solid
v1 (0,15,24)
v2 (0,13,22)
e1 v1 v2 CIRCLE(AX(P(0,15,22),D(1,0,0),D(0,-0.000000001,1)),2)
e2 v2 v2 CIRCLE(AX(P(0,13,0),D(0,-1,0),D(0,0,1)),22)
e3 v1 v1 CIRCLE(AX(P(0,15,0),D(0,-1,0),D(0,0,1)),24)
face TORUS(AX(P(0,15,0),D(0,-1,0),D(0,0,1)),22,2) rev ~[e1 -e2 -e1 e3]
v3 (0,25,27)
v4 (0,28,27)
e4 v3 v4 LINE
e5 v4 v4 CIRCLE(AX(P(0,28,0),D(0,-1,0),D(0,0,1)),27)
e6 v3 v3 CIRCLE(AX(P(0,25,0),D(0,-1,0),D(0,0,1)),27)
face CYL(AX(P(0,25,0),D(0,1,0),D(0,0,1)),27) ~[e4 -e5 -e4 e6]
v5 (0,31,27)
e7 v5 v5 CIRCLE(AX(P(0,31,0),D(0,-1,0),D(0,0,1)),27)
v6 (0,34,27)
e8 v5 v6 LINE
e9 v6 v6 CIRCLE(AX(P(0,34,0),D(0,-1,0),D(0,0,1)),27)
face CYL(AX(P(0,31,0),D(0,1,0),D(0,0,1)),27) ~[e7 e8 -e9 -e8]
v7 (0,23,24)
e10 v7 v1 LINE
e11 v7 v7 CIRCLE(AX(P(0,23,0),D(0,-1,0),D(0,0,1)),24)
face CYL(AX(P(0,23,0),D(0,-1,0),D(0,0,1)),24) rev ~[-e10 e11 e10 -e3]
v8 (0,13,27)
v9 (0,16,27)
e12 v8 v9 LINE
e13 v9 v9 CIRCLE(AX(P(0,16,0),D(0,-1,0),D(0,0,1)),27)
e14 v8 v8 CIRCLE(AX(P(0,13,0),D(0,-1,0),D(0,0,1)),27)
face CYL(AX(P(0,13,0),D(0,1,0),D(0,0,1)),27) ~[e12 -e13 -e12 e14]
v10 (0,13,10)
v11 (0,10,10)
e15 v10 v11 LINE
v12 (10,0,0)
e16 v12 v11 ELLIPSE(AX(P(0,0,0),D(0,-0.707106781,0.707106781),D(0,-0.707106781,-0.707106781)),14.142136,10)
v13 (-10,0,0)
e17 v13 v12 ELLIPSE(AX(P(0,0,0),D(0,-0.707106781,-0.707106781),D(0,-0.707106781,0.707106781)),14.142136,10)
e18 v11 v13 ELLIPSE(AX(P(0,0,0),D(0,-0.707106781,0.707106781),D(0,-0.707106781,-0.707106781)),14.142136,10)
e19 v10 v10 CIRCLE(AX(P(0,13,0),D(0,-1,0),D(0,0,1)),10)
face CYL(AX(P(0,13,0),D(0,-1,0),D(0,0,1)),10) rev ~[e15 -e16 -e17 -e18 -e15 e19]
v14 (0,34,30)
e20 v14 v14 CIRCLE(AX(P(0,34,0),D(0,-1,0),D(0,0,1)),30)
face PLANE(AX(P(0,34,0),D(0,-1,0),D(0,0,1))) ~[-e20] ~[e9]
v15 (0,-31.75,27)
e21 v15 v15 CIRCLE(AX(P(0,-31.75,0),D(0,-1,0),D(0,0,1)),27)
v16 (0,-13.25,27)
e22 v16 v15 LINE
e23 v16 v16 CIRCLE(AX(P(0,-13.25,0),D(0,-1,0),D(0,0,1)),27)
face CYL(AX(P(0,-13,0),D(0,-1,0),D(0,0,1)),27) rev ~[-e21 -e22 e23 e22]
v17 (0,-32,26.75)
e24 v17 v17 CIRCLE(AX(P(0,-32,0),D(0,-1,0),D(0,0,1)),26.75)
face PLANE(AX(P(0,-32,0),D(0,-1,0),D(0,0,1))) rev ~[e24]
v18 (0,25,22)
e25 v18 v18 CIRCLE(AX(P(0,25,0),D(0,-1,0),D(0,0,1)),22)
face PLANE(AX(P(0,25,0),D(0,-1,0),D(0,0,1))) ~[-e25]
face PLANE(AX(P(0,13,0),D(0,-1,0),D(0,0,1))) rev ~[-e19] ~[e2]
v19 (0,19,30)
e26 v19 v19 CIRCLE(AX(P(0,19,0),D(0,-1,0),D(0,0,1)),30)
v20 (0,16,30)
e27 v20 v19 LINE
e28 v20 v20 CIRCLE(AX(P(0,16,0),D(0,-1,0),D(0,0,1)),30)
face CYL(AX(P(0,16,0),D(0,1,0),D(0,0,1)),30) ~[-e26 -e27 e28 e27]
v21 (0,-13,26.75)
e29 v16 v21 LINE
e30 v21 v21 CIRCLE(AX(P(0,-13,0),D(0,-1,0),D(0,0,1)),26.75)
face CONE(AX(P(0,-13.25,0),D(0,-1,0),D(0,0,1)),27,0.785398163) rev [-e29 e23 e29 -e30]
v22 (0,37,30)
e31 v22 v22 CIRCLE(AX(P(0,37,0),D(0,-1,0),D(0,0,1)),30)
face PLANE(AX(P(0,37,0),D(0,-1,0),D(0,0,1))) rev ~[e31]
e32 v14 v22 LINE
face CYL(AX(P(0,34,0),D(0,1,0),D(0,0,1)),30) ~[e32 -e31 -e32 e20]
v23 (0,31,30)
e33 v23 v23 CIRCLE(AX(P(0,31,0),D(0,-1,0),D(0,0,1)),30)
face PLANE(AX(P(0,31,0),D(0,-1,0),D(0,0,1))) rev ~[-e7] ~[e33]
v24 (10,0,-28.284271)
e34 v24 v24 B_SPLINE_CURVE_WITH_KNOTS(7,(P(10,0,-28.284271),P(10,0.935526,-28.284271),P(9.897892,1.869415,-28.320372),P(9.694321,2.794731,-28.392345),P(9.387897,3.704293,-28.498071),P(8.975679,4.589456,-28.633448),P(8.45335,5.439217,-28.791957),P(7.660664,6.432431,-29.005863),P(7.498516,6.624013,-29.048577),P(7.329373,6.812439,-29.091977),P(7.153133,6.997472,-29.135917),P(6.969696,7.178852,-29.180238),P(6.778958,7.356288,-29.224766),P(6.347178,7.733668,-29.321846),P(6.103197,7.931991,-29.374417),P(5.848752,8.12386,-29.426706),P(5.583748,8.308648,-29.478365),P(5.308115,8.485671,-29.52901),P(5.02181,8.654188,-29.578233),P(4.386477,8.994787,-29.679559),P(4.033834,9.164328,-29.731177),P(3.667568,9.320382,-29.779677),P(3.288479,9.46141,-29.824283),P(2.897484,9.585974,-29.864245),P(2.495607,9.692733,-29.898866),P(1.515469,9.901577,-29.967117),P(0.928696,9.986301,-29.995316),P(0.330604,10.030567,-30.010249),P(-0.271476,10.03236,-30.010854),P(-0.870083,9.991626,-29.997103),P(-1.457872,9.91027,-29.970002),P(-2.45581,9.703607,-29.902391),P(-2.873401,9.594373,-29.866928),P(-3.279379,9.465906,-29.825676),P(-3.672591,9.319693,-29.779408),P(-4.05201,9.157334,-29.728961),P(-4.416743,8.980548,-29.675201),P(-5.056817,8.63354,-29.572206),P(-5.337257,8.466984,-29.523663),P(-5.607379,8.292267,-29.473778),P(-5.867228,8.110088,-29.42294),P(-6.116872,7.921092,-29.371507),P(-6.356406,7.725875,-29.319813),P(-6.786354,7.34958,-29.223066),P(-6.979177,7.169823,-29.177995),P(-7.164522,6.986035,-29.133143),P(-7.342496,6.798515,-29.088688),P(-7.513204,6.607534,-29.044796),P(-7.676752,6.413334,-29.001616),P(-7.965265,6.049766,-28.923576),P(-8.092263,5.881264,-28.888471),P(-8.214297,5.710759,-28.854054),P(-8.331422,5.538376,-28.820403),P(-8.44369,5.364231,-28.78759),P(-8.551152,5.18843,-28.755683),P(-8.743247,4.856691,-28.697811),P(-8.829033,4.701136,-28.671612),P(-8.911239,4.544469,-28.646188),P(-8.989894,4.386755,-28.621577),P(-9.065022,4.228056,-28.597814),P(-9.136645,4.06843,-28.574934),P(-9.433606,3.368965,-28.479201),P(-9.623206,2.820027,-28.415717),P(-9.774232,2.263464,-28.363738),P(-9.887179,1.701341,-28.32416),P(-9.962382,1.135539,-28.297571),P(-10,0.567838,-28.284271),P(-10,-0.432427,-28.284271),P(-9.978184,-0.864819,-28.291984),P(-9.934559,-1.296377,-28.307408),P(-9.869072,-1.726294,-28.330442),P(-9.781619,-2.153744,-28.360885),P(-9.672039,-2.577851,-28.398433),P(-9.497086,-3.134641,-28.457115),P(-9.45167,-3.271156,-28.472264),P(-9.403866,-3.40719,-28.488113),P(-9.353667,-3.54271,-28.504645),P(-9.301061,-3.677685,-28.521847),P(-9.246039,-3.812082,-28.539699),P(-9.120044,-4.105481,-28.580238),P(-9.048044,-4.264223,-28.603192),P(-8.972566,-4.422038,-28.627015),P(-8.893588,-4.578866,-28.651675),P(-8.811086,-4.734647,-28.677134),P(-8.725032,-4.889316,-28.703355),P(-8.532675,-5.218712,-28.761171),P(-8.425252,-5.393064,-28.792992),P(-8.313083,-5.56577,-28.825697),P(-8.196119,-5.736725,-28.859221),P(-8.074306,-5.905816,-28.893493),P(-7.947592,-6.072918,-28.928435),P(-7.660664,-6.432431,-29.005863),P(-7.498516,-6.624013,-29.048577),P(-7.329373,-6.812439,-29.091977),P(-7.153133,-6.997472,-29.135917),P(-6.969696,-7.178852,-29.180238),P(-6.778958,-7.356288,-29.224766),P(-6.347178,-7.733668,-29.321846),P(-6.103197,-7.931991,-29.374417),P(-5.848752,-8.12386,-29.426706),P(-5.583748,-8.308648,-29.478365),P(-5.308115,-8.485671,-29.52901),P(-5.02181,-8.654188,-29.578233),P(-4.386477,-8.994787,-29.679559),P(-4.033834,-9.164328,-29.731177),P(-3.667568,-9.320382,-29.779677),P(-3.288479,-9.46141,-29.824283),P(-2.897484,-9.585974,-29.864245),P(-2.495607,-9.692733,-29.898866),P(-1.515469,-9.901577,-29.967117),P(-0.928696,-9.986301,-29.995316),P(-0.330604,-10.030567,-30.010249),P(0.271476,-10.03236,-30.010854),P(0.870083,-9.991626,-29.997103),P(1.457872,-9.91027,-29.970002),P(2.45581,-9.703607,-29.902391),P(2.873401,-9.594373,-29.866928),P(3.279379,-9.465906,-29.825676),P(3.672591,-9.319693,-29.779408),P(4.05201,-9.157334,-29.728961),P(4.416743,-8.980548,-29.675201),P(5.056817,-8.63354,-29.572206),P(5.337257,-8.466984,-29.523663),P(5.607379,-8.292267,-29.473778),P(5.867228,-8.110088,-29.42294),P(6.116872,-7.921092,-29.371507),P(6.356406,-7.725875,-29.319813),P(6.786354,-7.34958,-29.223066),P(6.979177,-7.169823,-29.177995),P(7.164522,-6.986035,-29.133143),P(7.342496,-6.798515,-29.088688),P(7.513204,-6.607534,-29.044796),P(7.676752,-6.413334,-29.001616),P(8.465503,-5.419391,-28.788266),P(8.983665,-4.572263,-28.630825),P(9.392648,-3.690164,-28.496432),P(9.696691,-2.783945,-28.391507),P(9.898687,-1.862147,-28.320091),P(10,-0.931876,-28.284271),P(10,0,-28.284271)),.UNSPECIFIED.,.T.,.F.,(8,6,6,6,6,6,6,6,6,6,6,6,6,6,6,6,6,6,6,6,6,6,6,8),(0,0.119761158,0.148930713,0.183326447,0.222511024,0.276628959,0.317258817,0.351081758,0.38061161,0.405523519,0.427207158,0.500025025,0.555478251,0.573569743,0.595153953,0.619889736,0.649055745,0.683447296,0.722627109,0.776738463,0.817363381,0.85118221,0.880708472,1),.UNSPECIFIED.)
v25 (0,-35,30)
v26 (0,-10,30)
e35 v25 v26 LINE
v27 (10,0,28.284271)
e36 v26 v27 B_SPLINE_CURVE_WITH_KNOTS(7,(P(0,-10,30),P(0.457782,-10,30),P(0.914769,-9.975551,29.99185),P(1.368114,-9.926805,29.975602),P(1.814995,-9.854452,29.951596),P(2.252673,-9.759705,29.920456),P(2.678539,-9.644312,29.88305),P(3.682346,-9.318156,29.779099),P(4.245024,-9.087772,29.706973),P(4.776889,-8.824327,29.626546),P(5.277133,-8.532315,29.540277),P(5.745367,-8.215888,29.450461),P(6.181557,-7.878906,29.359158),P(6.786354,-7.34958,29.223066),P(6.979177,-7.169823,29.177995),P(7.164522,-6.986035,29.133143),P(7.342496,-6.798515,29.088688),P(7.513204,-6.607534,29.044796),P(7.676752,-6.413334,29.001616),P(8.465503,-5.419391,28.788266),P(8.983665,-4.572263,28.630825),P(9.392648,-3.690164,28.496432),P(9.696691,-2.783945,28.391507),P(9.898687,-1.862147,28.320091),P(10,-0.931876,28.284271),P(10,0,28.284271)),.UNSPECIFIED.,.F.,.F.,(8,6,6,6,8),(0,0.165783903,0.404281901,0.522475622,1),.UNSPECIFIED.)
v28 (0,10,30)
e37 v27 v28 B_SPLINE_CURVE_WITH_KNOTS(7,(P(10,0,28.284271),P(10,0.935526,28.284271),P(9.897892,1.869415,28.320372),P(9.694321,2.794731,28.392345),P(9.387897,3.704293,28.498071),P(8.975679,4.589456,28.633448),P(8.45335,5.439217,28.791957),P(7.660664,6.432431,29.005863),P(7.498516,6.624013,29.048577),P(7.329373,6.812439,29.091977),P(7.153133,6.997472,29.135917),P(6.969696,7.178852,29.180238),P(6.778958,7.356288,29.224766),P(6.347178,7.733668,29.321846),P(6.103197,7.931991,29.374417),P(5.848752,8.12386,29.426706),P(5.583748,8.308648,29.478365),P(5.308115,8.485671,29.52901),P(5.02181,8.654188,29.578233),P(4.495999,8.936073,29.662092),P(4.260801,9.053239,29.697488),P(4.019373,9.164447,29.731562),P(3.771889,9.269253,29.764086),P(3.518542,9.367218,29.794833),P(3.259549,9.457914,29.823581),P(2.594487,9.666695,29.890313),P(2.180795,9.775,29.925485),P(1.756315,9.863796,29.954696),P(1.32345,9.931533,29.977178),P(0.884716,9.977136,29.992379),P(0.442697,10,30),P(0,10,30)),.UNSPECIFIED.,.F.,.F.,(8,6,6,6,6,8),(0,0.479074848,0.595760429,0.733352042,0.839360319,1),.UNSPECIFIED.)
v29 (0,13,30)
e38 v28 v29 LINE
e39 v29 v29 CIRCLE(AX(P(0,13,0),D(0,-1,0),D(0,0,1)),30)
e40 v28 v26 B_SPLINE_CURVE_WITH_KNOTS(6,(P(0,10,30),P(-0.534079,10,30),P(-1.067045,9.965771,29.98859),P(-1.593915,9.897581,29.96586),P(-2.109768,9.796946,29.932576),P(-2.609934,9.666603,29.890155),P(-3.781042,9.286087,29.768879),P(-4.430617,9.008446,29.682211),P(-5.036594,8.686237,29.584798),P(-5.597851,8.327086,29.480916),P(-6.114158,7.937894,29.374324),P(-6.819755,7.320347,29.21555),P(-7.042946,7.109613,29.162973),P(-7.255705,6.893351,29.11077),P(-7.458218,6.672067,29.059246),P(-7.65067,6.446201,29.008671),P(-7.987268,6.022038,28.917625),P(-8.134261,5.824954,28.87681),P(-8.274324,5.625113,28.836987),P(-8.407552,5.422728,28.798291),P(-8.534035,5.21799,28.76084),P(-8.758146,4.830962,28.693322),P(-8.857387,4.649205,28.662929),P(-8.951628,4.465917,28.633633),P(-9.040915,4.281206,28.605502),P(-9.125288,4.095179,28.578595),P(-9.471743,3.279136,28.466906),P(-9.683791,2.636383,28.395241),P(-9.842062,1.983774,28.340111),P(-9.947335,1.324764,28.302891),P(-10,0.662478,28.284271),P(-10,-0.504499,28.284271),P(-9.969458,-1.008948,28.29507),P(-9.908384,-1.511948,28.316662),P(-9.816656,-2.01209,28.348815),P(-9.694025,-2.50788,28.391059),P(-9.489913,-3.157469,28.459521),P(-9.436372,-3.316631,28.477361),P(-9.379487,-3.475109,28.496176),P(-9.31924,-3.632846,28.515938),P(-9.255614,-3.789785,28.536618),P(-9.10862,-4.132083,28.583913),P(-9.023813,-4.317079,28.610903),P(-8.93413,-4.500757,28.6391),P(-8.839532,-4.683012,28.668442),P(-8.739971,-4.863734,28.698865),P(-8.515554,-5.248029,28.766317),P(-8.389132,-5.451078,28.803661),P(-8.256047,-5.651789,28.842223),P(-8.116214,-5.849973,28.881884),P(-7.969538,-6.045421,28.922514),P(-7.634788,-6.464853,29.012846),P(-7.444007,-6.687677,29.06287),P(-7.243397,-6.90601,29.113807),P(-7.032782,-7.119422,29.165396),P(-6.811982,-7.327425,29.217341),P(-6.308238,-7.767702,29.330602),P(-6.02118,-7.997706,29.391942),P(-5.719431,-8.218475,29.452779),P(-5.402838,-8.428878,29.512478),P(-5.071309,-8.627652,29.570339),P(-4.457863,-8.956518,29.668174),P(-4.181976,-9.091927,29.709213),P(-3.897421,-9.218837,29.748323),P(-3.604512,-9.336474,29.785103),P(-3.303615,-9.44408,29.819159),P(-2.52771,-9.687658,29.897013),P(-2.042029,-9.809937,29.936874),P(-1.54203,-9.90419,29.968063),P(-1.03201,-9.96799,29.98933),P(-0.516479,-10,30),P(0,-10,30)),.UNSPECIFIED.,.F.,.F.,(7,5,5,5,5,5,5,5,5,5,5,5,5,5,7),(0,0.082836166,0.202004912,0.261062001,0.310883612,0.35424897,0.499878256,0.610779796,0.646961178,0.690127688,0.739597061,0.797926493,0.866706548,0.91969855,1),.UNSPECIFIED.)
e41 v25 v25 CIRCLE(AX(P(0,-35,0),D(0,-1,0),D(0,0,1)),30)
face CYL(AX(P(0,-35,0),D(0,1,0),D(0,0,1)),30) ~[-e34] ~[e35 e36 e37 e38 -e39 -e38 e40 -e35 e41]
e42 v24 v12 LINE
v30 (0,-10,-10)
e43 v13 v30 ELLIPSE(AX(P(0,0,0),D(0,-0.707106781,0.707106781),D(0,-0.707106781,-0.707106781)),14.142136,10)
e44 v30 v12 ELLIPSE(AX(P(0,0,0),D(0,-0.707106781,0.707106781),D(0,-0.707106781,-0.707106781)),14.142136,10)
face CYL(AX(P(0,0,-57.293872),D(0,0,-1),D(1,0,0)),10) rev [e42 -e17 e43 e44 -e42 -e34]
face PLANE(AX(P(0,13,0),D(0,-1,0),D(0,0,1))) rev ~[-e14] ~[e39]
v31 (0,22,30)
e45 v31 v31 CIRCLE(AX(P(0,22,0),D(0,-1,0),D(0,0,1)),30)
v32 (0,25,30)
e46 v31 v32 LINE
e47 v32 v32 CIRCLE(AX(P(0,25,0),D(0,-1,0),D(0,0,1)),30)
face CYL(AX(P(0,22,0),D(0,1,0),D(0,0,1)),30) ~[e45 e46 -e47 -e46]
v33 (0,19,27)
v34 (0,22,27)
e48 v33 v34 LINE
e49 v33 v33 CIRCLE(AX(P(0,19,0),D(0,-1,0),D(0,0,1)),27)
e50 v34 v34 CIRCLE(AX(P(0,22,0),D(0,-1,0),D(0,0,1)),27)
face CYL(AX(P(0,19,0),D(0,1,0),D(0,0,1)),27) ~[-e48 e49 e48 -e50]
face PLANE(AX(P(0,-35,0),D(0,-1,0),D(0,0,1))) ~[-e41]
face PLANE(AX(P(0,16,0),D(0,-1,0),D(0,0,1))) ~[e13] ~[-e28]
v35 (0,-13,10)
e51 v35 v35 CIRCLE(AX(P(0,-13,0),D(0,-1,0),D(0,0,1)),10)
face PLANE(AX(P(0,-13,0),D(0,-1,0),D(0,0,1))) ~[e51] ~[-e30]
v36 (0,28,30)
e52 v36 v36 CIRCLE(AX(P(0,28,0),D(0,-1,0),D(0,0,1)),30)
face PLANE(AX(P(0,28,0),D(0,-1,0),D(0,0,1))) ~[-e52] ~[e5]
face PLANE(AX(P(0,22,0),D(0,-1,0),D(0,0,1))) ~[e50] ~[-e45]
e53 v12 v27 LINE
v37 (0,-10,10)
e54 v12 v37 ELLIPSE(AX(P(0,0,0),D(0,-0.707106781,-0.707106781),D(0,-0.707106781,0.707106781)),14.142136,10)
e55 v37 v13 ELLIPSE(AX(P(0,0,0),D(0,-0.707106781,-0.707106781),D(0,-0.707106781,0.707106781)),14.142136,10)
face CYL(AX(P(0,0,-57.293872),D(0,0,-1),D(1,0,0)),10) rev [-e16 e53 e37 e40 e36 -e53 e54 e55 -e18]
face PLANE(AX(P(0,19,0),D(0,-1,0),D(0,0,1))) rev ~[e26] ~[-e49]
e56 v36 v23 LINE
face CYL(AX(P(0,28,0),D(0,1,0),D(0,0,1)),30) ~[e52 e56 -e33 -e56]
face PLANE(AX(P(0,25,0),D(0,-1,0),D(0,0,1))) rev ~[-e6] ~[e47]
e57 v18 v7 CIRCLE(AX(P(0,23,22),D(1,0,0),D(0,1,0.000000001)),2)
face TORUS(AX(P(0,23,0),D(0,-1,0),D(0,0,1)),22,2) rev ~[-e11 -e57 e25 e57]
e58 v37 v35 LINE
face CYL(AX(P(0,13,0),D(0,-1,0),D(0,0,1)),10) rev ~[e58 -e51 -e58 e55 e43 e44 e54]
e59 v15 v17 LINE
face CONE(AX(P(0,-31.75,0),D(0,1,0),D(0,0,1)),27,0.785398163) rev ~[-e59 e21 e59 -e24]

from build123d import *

# Parameters (mm, degrees)
CUT_EXTRUDE7_DEPTH      = 57.29387178
CUT_EXTRUDE7_DEPTH_BACK = 57.29387178
SKETCH7_R               = 10
CHAMFER6_SIZE           = 0.25
CHAMFER7_SIZE           = 0.25


with BuildPart() as part:
    # Sketch1 → Revolve4 (revolve)
    with BuildSketch(Plane(origin=(0, 0, 0), x_dir=(0, 0, -1), z_dir=(1, 0, 0)), mode=Mode.PRIVATE) as revolve4_sk:
        with BuildLine():
            Line((30, 37), (0, 37))
            Line((0, 37), (0, 25))
            Line((0, 25), (22, 25))
            ThreePointArc((22, 25), (23.414213562, 24.414213562), (24, 23))
            Line((24, 23), (24, 15))
            ThreePointArc((24, 15), (23.414213562, 13.585786438), (22, 13))
            Line((22, 13), (10, 13))
            Line((10, 13), (10, -13))
            Line((10, -13), (27, -13))
            Line((27, -13), (27, -32))
            Line((27, -32), (0, -32))
            Line((0, -32), (0, -35))
            Line((0, -35), (30, -35))
            Line((30, -35), (30, 13))
            Line((30, 13), (27, 13))
            Line((27, 13), (27, 16))
            Line((27, 16), (30, 16))
            Line((30, 16), (30, 19))
            Line((30, 19), (27, 19))
            Line((27, 19), (27, 22))
            Line((27, 22), (30, 22))
            Line((30, 22), (30, 25))
            Line((30, 25), (27, 25))
            Line((27, 25), (27, 28))
            Line((27, 28), (30, 28))
            Line((30, 28), (30, 31))
            Line((30, 31), (27, 31))
            Line((27, 31), (27, 34))
            Line((27, 34), (30, 34))
            Line((30, 34), (30, 37))
        make_face()
    revolve(revolve4_sk.sketch.rotate(Axis((0, 50, 0), (0, -1, 0)), 180), axis=Axis((0, 50, 0), (0, -1, 0)))

    # Sketch7 → Cut-Extrude7 (cut, two sides: drawn at the far end of the back side and taken through both)
    with BuildSketch(Plane.XY.offset(-CUT_EXTRUDE7_DEPTH_BACK)):
        Circle(SKETCH7_R)
    extrude(amount=CUT_EXTRUDE7_DEPTH + CUT_EXTRUDE7_DEPTH_BACK, mode=Mode.SUBTRACT)

    # Chamfer6
    chamfer6_edges = [part.edges().sort_by_distance(p)[0] for p in [
        (0, -32, -27),
    ]]
    chamfer(chamfer6_edges, length=CHAMFER6_SIZE)

    # Chamfer7
    chamfer7_edges = [part.edges().sort_by_distance(p)[0] for p in [
        (0, -13, -27),
    ]]
    chamfer(chamfer7_edges, length=CHAMFER7_SIZE)


solid = part.part
